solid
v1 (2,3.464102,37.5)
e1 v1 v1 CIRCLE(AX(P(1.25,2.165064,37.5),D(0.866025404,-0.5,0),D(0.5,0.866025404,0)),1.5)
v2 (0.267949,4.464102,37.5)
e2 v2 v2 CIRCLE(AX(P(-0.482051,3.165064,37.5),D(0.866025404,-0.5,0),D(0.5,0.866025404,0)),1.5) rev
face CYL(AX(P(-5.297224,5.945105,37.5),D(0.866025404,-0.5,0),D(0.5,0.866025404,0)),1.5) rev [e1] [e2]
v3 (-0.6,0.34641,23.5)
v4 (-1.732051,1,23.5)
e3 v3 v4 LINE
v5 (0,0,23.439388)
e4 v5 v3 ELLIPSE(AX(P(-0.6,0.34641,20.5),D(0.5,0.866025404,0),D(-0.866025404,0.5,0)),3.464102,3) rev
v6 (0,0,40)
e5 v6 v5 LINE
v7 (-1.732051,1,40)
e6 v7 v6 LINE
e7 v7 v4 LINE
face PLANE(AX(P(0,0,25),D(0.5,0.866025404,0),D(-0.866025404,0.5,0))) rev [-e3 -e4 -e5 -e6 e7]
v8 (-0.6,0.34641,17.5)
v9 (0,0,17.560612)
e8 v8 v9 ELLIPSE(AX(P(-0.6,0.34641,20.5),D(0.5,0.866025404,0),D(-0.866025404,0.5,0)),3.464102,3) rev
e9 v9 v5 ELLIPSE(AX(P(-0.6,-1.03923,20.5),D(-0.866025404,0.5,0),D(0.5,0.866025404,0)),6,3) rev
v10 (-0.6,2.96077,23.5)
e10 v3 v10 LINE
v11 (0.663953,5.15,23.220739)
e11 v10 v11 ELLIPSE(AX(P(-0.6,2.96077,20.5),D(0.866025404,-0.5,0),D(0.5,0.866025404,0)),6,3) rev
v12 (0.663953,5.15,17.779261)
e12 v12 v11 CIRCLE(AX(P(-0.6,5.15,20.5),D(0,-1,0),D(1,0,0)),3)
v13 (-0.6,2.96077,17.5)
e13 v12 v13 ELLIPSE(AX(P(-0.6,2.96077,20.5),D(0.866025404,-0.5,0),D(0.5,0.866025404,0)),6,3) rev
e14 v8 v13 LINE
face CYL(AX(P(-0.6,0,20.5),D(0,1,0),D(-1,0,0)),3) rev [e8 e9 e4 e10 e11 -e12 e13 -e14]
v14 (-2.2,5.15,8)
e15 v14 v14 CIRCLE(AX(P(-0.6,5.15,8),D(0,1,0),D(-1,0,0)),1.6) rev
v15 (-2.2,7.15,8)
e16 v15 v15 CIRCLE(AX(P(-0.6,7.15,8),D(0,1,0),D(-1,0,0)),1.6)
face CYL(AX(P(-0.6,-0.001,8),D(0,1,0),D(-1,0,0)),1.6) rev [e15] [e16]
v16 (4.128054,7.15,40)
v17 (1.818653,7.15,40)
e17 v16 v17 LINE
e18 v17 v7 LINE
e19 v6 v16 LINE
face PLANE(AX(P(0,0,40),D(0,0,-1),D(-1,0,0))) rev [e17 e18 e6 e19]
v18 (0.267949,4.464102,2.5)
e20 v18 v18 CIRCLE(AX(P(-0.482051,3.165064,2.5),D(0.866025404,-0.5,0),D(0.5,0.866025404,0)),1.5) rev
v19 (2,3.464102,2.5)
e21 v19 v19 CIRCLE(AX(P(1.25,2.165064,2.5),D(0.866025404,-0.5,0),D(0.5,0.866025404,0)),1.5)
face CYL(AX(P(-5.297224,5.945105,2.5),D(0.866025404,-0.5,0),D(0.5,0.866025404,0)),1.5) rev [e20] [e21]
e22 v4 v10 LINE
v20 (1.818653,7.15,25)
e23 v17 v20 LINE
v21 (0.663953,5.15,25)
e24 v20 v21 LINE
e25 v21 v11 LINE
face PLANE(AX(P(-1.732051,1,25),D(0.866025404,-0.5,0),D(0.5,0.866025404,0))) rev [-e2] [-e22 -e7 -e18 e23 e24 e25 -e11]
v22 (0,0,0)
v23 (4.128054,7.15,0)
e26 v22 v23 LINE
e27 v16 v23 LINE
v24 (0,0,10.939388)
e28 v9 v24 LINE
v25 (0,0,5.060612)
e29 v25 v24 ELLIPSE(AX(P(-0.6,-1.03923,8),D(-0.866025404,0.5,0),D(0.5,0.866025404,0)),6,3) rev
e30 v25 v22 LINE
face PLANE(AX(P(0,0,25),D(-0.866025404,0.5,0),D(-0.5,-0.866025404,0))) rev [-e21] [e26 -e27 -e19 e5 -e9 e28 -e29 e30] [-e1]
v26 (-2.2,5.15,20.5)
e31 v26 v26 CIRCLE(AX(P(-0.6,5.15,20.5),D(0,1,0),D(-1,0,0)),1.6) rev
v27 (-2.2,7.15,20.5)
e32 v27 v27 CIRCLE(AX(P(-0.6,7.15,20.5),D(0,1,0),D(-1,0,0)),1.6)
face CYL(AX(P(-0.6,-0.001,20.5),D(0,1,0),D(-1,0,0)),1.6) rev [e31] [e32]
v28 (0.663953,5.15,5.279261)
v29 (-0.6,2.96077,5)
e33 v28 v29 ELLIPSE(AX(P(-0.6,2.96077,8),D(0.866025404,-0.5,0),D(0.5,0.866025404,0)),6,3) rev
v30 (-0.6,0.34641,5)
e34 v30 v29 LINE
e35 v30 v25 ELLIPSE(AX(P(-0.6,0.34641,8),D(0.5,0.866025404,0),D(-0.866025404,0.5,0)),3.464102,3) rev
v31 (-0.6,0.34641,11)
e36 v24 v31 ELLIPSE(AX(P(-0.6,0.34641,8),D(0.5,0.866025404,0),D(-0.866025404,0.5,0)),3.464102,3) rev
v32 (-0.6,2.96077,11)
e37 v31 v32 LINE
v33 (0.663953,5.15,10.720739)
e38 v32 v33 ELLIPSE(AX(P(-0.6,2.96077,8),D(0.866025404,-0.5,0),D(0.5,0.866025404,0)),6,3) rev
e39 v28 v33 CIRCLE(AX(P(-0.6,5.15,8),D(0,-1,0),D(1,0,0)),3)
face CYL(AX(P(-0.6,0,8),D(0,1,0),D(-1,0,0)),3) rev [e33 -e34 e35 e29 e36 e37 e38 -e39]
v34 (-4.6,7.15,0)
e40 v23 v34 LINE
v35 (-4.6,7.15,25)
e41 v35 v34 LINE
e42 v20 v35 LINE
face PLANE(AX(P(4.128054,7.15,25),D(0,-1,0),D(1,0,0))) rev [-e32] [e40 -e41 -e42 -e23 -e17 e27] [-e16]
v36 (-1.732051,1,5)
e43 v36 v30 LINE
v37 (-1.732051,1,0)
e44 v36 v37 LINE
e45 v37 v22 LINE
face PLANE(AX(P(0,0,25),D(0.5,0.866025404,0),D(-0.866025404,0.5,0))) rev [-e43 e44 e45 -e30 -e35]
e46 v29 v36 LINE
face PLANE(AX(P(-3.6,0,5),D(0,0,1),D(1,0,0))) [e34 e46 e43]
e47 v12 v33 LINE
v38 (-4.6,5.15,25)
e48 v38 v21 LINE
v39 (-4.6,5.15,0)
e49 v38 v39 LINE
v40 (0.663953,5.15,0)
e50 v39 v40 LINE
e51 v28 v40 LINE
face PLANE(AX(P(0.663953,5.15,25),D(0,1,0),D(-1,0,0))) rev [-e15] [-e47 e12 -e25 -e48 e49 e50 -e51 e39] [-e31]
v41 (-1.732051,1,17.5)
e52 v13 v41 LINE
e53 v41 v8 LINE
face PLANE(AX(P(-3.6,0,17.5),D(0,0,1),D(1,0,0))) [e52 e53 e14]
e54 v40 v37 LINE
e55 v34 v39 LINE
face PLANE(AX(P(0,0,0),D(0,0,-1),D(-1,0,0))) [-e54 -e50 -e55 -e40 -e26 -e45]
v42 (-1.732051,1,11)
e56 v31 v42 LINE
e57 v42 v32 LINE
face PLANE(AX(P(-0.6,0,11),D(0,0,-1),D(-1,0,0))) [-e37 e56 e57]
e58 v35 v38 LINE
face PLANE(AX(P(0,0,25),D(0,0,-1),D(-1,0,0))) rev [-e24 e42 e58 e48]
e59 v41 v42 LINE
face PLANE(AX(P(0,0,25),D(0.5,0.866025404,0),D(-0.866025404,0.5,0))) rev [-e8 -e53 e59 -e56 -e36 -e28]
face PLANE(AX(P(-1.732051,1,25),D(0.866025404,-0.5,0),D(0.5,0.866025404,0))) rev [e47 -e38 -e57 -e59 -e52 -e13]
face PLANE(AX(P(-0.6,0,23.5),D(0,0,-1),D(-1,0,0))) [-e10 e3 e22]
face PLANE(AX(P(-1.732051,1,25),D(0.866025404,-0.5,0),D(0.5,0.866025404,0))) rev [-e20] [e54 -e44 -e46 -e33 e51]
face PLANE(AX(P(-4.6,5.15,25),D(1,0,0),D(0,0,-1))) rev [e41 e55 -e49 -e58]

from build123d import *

# Parameters (mm, degrees)
BOSS_EXTRUDE1_DEPTH = 25
BOSS_EXTRUDE2_DEPTH = 15
CUT_EXTRUDE1_REACH  = 42.894
SKETCH3_R           = 1.5
CUT_EXTRUDE2_REACH  = 42.894
SKETCH4_R           = 1.6
CUT_EXTRUDE3_DEPTH  = 41.591655546


with BuildPart() as part:
    # Sketch1 → Boss-Extrude1 (new body)
    with BuildSketch(Plane.XY):
        Polygon((0, 0), (4.128054425, 7.15), (-4.6, 7.15), (-4.6, 5.15), (0.66395281, 5.15), (-1.732050808, 1), align=None)
    extrude(amount=BOSS_EXTRUDE1_DEPTH)

    # Sketch2 → Boss-Extrude2 (add)
    with BuildSketch(Plane.XY.offset(25)):
        Polygon((4.128054425, 7.15), (0, 0), (-1.732050808, 1), (1.818653348, 7.15), align=None)
    extrude(amount=BOSS_EXTRUDE2_DEPTH)

    # Sketch3 → Cut-Extrude1 (cut, up to next)
    with BuildSketch(Plane(origin=(0, 0, 0), x_dir=(0, 0, -1), z_dir=(0.8660254037844365, -0.5000000000000039, 0)), mode=Mode.PRIVATE) as cut_extrude1_sk1:
        with Locations(Location((-37.5, 2.5, 0), (0, 0, 90))):
            Circle(SKETCH3_R)
    cut_extrude1_tool1 = extrude(cut_extrude1_sk1.sketch, amount=-CUT_EXTRUDE1_REACH, mode=Mode.PRIVATE) & part.part
    # Sketch3 → Cut-Extrude1 (cut, up to next)
    with BuildSketch(Plane(origin=(0, 0, 0), x_dir=(0, 0, -1), z_dir=(0.8660254037844365, -0.5000000000000039, 0)), mode=Mode.PRIVATE) as cut_extrude1_sk2:
        with Locations(Location((-2.5, 2.5, 0), (0, 0, 90))):
            Circle(SKETCH3_R)
    cut_extrude1_tool2 = extrude(cut_extrude1_sk2.sketch, amount=-CUT_EXTRUDE1_REACH, mode=Mode.PRIVATE) & part.part
    add(cut_extrude1_tool1.solids().sort_by_distance((1.25, 2.165064, 37.5))[0], mode=Mode.SUBTRACT)
    add(cut_extrude1_tool2.solids().sort_by_distance((1.25, 2.165064, 2.5))[0], mode=Mode.SUBTRACT)

    # Sketch4 → Cut-Extrude2 (cut, up to next)
    with BuildSketch(Plane(origin=(0, 7.15, 0), x_dir=(1, 0, 0), z_dir=(0, 1, 0)), mode=Mode.PRIVATE) as cut_extrude2_sk1:
        with Locations(Location((-0.6, -8, 0), (0, 0, 180))):
            Circle(SKETCH4_R)
    cut_extrude2_tool1 = extrude(cut_extrude2_sk1.sketch, amount=-CUT_EXTRUDE2_REACH, mode=Mode.PRIVATE) & part.part
    # Sketch4 → Cut-Extrude2 (cut, up to next)
    with BuildSketch(Plane(origin=(0, 7.15, 0), x_dir=(1, 0, 0), z_dir=(0, 1, 0)), mode=Mode.PRIVATE) as cut_extrude2_sk2:
        with Locations(Location((-0.6, -20.5, 0), (0, 0, 180))):
            Circle(SKETCH4_R)
    cut_extrude2_tool2 = extrude(cut_extrude2_sk2.sketch, amount=-CUT_EXTRUDE2_REACH, mode=Mode.PRIVATE) & part.part
    add(cut_extrude2_tool1.solids().sort_by_distance((-0.6, 7.15, 8))[0], mode=Mode.SUBTRACT)
    add(cut_extrude2_tool2.solids().sort_by_distance((-0.6, 7.15, 20.5))[0], mode=Mode.SUBTRACT)

    # Sketch5 → Cut-Extrude3 (cut, through all)
    with BuildSketch(Plane.XZ.offset(-5.15)):
        with BuildLine():
            Line((-0.6, 23.5), (-3.6, 23.5))
            Line((-3.6, 23.5), (-3.6, 17.5))
            Line((-3.6, 17.5), (-0.6, 17.5))
            ThreePointArc((-0.6, 17.5), (2.4, 20.5), (-0.6, 23.5))
        make_face()
        with BuildLine():
            Line((-0.6, 11), (-3.6, 11))
            Line((-3.6, 11), (-3.6, 5))
            Line((-3.6, 5), (-0.6, 5))
            ThreePointArc((-0.6, 5), (2.4, 8), (-0.6, 11))
        make_face()
    extrude(amount=CUT_EXTRUDE3_DEPTH, mode=Mode.SUBTRACT)


solid = part.part
